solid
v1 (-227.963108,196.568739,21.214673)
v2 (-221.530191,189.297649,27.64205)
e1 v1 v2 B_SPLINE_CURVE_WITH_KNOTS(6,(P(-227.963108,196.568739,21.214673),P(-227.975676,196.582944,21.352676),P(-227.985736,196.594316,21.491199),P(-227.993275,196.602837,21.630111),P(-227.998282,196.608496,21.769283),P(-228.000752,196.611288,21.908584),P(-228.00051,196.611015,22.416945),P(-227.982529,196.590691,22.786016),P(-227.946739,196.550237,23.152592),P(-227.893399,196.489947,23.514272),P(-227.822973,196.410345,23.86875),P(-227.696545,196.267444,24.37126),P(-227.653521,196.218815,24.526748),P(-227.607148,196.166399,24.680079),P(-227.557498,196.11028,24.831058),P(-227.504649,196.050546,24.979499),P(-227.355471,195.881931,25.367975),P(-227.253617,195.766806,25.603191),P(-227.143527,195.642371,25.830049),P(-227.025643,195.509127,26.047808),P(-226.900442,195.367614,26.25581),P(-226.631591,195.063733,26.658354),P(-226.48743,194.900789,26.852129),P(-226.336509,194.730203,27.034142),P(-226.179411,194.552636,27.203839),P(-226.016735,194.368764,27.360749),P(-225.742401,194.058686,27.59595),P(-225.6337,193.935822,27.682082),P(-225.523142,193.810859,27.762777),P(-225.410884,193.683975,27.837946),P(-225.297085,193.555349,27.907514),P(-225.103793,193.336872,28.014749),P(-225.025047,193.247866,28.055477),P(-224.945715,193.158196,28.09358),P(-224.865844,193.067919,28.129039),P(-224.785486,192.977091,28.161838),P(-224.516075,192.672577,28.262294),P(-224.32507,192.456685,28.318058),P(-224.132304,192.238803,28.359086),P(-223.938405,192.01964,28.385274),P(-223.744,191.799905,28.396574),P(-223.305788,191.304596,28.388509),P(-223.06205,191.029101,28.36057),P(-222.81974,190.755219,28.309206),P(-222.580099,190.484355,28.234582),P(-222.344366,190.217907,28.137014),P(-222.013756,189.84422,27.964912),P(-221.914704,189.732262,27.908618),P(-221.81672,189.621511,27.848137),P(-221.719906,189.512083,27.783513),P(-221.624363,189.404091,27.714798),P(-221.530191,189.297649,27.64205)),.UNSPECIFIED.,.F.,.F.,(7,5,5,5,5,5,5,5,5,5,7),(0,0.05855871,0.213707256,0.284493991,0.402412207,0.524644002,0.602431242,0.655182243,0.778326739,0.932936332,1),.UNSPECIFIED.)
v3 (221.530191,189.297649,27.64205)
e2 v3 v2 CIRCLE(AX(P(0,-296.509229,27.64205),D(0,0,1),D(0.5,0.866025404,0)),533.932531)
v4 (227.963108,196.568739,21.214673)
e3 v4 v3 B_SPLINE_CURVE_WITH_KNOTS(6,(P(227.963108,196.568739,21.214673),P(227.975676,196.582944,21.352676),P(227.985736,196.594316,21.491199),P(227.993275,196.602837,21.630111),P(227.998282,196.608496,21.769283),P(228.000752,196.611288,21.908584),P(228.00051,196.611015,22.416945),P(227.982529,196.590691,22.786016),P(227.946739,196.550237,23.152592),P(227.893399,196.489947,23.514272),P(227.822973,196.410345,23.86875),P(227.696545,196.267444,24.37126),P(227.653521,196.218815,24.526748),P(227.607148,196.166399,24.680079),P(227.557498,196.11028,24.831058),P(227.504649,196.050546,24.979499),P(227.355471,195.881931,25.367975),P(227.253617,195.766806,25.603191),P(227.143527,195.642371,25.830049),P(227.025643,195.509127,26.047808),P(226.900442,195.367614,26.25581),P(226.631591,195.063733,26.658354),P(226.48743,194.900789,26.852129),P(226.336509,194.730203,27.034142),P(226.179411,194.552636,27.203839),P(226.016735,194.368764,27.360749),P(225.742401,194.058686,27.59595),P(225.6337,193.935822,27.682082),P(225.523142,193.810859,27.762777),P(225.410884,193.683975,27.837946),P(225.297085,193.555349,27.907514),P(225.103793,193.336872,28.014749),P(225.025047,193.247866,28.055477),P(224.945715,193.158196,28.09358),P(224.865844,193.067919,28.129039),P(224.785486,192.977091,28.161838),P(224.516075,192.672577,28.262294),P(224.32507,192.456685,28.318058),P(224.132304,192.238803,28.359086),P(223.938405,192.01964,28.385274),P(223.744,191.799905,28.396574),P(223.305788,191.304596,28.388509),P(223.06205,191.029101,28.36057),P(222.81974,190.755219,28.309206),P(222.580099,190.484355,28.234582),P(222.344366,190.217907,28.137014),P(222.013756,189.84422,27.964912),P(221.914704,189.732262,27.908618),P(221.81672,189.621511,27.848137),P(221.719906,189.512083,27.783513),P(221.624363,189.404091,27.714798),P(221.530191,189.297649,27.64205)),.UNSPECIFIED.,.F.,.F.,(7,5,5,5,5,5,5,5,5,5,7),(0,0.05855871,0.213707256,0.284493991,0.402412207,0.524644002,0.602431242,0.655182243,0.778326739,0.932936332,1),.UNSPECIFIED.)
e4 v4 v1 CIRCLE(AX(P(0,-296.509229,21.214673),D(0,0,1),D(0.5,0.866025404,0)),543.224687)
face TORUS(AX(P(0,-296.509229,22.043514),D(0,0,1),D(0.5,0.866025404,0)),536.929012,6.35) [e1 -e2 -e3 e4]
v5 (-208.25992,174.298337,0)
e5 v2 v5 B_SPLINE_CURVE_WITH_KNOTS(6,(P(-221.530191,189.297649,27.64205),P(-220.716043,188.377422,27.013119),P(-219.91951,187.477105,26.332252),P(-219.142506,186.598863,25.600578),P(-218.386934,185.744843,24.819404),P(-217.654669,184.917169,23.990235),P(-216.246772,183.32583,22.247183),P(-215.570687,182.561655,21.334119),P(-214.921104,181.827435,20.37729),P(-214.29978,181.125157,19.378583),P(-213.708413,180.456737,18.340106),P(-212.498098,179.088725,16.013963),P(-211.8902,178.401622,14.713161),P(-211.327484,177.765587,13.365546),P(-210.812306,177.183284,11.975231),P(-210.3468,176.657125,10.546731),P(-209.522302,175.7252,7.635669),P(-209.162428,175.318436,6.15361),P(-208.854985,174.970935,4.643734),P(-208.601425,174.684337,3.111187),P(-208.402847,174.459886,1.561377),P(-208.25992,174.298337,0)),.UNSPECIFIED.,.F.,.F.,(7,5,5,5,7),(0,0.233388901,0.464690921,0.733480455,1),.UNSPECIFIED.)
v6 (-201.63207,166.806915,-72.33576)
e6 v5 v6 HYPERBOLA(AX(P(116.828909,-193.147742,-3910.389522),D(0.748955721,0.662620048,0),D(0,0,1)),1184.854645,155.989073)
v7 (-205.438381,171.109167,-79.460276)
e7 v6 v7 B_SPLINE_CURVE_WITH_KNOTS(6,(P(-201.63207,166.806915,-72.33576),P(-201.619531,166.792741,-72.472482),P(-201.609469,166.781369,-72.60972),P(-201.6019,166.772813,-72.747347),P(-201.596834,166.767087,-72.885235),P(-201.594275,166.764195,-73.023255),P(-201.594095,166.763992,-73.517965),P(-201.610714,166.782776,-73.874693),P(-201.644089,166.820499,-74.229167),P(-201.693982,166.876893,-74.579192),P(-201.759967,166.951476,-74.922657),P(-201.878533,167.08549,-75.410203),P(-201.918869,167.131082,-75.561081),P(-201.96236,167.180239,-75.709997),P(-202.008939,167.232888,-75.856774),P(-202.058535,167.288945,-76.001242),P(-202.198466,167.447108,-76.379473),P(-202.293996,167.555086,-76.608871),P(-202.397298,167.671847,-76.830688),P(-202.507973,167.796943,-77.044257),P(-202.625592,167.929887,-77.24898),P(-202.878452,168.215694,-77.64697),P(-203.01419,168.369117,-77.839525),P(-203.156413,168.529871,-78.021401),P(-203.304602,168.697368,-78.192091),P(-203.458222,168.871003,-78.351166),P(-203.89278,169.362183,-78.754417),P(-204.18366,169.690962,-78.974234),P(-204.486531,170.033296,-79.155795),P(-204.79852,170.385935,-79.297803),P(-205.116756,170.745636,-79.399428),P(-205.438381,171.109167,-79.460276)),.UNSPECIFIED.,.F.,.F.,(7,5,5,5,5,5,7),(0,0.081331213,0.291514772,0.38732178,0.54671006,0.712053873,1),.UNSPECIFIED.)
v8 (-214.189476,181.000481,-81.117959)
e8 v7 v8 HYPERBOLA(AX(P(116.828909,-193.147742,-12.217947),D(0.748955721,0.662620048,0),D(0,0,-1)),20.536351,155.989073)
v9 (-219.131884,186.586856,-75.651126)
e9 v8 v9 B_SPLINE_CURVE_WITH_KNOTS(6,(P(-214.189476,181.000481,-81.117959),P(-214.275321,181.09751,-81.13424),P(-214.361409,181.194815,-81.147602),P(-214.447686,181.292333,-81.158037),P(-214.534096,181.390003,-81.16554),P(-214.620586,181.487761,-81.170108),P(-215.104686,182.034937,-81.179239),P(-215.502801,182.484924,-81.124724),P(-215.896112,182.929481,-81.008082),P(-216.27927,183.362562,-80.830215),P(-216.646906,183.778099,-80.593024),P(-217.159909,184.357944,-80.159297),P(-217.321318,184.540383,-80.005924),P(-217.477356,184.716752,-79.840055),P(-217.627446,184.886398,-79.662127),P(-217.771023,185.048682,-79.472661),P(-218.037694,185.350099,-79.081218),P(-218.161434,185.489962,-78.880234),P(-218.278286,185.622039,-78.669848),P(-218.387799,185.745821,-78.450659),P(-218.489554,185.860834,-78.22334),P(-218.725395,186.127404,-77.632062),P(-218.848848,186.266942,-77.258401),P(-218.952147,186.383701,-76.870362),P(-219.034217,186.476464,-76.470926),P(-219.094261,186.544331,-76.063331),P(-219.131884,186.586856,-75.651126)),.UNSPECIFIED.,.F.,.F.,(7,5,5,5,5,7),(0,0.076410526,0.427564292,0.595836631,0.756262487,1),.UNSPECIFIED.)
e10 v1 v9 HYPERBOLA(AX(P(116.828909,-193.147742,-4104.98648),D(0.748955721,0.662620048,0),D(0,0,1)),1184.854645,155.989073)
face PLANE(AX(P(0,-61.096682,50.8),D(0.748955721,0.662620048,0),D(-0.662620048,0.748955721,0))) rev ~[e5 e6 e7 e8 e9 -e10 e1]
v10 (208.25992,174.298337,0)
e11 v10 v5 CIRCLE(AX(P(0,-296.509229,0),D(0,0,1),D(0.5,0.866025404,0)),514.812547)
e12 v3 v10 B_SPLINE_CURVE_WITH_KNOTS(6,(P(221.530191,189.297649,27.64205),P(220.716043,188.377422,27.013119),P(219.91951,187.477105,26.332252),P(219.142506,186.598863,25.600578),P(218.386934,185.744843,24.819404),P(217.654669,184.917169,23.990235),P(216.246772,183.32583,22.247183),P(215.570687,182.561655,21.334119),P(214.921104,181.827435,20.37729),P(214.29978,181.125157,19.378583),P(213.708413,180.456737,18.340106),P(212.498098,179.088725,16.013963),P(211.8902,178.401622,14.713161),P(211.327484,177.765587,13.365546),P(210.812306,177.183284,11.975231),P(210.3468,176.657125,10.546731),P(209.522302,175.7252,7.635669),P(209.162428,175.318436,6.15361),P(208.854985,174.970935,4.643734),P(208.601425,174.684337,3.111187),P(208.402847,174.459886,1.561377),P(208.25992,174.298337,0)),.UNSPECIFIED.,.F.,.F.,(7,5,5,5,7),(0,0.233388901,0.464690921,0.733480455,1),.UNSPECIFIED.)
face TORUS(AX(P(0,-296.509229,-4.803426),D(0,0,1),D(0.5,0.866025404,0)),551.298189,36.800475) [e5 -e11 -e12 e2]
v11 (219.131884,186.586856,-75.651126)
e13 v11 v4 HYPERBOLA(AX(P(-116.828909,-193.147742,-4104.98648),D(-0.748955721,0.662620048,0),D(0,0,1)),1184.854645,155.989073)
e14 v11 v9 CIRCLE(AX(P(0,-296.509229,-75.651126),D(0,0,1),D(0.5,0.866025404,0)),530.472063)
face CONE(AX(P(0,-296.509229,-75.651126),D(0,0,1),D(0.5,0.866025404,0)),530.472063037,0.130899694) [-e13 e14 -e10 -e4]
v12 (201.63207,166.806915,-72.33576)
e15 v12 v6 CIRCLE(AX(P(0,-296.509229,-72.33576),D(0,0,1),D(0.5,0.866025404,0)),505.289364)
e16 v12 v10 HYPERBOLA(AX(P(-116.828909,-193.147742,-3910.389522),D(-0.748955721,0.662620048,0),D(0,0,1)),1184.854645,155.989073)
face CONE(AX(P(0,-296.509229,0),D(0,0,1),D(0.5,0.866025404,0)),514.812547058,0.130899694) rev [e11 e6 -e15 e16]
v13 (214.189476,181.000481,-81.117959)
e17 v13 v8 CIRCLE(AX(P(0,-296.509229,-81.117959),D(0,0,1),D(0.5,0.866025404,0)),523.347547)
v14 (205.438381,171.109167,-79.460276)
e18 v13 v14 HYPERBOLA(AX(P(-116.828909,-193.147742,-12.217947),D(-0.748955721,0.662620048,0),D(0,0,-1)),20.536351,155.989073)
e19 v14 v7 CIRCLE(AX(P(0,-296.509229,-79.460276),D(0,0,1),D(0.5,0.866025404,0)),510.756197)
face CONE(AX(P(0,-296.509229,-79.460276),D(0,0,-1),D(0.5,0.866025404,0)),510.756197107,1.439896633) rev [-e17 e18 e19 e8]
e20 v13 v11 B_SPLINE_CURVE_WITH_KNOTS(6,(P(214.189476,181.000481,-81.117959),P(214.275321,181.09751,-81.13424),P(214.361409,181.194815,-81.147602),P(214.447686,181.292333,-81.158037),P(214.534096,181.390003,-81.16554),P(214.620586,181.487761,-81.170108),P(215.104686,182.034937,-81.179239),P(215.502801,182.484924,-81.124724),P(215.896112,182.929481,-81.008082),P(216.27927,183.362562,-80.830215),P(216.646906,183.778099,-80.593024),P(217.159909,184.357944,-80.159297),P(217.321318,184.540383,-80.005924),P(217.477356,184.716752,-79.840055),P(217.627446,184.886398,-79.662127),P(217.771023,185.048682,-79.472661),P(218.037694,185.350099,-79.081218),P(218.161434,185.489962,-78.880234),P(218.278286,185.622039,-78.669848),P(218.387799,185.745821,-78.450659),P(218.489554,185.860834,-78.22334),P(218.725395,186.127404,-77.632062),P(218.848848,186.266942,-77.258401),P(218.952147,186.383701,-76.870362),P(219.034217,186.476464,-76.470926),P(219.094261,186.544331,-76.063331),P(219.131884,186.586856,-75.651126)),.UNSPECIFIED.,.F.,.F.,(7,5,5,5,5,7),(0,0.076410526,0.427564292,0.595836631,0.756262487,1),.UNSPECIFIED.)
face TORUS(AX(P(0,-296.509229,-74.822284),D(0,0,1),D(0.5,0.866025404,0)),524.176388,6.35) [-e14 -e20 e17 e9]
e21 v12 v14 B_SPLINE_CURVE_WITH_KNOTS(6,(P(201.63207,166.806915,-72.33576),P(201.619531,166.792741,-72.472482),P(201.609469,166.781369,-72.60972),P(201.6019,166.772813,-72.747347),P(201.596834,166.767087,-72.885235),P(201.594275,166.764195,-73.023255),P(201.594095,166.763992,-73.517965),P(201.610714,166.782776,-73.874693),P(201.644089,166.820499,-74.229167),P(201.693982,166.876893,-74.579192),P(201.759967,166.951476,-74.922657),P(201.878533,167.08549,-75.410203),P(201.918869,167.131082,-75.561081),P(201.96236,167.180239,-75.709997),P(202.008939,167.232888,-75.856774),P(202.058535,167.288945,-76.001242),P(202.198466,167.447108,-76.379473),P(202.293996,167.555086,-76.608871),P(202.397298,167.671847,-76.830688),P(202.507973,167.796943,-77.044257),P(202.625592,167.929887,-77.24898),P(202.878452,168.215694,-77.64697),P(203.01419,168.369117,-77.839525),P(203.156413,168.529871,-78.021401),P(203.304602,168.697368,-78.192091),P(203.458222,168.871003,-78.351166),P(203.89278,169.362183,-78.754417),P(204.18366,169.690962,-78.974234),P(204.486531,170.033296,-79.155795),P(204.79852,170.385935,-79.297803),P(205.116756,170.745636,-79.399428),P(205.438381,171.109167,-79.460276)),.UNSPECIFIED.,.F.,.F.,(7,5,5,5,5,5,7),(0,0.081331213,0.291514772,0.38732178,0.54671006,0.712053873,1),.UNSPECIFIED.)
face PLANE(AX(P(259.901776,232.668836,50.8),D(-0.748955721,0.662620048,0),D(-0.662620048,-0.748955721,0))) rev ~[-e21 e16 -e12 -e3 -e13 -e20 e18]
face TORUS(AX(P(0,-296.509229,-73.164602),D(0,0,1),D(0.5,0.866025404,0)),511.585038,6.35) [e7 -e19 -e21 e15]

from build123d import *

# Parameters (mm, degrees)
F2_ANGLE_BACK = 30
F2_ANGLE      = 60
F5_DEPTH      = 131.9732842986


with BuildPart() as f2:
    # F1 (on Right) → F2 (revolve)
    with BuildSketch(Plane.YZ, mode=Mode.PRIVATE) as f2_sk:
        with BuildLine():
            Line((233.9628337183, -75.6511255192), (246.7154579984, 21.2146728049))
            ThreePointArc((246.7154579984, 21.2146728049), (244.032118085, 27.265921249), (237.4233021444, 27.642049801))
            ThreePointArc((237.4233021444, 27.642049801), (224.5232803371, 16.1313207873), (218.3033177394, 0))
            Line((218.3033177394, 0), (208.7801342394, -72.3357602368))
            ThreePointArc((208.7801342394, -72.3357602368), (210.0380153983, -77.0302366316), (214.2469677885, -79.4602764271))
            Line((214.2469677885, -79.4602764271), (226.838317528, -81.1179590683))
            ThreePointArc((226.838317528, -81.1179590683), (231.5327939228, -79.8600779094), (233.9628337183, -75.6511255192))
        make_face()
    revolve(f2_sk.sketch.rotate(Axis((0, -296.509229319, 0), (0, 0, 1)), -F2_ANGLE_BACK), axis=Axis((0, -296.509229319, 0), (0, 0, 1)), revolution_arc=F2_ANGLE)

    # F4 (on offset) → F5 (cut, through all)
    with BuildSketch(Plane.XY.offset(50.8)):
        Polygon((259.9017761335, 232.6688363086), (0, -61.0966822606), (-264.0937407054, 237.406990332), (-321.8992888179, 178.6029550881), (-55.8336698001, -112.6214605412), (1.9173186045, -175.8333024628), (398.3798539779, 211.9971133263), align=None)
    extrude(amount=-F5_DEPTH, mode=Mode.SUBTRACT)


solid = f2.part
